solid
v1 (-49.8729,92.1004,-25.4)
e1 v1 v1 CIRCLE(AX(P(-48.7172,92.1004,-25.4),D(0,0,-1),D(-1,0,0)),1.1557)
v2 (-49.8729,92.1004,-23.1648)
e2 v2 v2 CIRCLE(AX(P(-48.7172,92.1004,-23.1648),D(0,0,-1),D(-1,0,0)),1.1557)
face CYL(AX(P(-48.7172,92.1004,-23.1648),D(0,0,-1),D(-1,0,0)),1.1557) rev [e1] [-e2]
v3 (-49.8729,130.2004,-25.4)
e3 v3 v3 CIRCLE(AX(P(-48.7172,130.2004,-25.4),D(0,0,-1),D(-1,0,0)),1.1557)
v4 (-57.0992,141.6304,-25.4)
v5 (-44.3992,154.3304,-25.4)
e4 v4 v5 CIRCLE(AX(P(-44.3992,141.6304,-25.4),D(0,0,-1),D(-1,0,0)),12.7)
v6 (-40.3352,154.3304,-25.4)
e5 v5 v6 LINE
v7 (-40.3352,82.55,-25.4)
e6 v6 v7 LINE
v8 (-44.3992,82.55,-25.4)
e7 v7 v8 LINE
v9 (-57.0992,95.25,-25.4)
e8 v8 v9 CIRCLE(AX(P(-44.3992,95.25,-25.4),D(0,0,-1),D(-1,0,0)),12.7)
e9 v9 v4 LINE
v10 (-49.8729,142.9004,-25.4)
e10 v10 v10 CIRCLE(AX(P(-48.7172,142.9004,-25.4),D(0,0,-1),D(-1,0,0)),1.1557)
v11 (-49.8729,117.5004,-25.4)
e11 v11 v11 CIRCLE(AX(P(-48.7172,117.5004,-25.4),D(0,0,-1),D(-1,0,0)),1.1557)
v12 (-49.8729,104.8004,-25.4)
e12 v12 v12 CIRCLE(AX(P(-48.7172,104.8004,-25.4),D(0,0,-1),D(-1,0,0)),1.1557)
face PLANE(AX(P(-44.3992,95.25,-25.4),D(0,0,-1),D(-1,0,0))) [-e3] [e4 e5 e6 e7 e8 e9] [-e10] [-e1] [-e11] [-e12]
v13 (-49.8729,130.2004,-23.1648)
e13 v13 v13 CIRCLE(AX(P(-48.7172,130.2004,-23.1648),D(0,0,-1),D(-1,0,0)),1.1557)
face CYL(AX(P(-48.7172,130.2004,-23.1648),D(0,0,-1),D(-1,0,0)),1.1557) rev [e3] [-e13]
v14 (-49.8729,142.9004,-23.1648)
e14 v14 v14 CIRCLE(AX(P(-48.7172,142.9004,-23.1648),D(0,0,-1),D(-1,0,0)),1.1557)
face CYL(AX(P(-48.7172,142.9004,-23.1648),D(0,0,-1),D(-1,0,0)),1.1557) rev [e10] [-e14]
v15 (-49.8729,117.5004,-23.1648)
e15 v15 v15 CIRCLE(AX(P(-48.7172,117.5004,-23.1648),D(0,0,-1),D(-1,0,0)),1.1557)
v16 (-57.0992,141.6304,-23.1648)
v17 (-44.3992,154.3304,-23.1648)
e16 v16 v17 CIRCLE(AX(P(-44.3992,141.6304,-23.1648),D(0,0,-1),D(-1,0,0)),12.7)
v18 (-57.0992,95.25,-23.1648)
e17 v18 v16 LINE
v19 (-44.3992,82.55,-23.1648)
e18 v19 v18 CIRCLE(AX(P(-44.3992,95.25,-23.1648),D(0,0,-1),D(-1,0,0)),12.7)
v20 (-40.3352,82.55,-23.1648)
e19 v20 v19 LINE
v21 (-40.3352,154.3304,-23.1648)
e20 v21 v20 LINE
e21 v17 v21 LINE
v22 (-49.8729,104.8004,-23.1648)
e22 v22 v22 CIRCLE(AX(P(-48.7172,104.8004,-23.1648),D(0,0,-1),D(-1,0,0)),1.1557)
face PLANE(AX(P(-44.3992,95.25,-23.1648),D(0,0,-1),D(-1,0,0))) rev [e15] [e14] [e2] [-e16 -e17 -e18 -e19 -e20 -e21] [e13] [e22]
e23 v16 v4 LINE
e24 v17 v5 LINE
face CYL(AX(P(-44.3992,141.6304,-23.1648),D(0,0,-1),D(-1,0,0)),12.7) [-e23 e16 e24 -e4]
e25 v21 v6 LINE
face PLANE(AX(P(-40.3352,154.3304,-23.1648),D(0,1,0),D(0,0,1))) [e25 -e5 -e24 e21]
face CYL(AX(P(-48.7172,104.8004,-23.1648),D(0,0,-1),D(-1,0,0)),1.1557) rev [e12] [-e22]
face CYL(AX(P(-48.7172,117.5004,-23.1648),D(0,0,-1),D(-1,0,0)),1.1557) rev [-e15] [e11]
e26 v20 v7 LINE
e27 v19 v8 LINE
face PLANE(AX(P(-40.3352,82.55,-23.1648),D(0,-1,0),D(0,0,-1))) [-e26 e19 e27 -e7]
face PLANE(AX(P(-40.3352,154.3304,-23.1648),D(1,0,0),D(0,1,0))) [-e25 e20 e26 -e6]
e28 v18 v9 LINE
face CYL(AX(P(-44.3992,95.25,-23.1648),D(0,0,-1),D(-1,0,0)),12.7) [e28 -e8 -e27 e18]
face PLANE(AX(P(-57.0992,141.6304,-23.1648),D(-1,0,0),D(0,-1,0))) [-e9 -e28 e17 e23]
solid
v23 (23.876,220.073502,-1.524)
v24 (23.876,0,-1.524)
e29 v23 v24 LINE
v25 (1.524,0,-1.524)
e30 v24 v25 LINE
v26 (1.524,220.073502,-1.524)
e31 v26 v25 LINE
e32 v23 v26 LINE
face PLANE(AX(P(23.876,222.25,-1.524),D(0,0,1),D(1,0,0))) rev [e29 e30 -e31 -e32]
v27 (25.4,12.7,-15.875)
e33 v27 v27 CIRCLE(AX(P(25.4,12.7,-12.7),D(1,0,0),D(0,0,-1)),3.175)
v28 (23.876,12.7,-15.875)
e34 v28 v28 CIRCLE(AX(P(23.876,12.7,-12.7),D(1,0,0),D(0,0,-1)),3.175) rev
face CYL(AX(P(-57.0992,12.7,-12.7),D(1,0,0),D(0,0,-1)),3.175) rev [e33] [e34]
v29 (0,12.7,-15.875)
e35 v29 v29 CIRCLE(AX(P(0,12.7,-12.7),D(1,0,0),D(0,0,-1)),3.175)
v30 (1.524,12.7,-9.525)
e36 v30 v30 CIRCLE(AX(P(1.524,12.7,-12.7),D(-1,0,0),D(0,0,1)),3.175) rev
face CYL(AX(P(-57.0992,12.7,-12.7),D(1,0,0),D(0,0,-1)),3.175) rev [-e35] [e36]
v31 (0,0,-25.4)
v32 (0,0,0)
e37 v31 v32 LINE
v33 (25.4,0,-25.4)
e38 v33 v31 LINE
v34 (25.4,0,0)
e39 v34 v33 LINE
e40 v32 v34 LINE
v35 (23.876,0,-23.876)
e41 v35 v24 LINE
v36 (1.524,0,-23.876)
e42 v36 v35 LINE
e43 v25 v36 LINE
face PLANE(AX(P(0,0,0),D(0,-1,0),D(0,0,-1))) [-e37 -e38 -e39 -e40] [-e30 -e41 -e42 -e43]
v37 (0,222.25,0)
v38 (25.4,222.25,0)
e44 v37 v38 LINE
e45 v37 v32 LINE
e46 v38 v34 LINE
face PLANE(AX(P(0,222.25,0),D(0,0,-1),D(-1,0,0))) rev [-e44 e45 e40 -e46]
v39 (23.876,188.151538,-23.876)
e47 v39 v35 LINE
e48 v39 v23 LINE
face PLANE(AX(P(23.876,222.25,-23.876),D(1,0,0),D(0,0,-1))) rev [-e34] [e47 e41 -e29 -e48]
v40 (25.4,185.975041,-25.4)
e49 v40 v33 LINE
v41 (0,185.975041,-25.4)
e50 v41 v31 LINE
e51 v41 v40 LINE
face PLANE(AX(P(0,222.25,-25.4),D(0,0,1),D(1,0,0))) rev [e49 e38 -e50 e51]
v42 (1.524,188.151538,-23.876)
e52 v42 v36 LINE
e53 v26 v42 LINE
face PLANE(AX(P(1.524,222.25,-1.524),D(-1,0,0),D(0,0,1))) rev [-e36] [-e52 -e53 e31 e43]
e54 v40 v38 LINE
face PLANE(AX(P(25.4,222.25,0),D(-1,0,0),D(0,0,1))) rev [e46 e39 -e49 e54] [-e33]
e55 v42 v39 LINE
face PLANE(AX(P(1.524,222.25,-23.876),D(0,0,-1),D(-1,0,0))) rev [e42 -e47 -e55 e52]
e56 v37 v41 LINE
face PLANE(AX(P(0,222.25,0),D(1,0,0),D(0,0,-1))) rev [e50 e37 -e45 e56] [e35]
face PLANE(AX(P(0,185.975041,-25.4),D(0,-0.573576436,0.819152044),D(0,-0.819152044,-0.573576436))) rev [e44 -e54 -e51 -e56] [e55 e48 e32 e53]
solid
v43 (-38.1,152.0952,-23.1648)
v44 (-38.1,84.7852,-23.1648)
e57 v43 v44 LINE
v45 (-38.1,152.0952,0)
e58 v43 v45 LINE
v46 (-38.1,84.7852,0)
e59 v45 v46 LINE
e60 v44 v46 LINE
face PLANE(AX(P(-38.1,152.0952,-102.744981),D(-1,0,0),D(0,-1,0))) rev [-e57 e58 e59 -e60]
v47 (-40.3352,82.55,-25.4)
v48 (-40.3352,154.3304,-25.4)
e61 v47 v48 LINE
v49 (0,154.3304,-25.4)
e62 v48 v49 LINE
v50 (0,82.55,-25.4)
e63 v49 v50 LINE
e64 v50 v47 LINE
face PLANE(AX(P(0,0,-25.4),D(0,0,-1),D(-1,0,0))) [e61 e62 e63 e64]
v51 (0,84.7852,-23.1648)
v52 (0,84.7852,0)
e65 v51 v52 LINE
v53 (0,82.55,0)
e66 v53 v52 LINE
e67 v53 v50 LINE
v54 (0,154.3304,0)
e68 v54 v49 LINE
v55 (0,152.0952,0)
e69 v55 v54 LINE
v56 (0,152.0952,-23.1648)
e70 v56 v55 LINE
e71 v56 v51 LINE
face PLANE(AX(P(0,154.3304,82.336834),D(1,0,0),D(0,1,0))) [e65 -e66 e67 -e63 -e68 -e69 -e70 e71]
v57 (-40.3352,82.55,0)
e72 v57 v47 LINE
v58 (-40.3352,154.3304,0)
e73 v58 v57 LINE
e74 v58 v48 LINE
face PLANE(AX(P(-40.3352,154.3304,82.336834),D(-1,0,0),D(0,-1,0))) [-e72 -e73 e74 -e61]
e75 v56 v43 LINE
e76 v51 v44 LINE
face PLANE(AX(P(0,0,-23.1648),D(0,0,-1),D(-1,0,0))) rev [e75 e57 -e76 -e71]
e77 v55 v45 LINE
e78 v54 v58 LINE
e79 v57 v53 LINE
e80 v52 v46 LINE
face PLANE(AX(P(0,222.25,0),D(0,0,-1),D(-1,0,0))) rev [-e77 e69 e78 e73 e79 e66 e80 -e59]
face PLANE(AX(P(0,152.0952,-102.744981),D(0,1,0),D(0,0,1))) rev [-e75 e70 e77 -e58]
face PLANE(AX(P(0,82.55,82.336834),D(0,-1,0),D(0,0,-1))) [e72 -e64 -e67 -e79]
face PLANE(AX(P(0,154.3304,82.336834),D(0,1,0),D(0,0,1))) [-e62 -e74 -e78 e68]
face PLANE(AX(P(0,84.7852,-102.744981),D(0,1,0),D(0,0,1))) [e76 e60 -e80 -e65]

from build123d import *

# Parameters (mm, degrees)
SKETCH2_W               = 25.4
SKETCH2_H               = 25.4
BOSS_EXTRUDE1_DEPTH     = 222.25
CUT_EXTRUDE1_DEPTH      = 226.134143346
CUT_EXTRUDE1_DEPTH_BACK = 226.134143346
SKETCH5_W               = 40.3352
SKETCH5_H               = 71.7804
BOSS_EXTRUDE2_DEPTH     = 25.4
SKETCH6_W               = 38.1
SKETCH6_H               = 67.31
CUT_EXTRUDE2_DEPTH      = 23.1648
SKETCH7_R               = 1.1557
BOSS_EXTRUDE3_DEPTH     = 2.2352
SKETCH8_R               = 3.175
CUT_EXTRUDE3_DEPTH      = 239.424706146
SKETCH9_W               = 22.352
SKETCH9_H               = 22.352
CUT_EXTRUDE5_DEPTH      = 231.869099579


with BuildPart() as part:
    # Sketch2 → Boss-Extrude1 (new body)
    with BuildSketch(Plane(origin=(0, 0, 0), x_dir=(1, 0, 0), z_dir=(0, 1, 0))):
        with Locations((12.7, 12.7)):
            Rectangle(SKETCH2_W, SKETCH2_H)
    extrude(amount=BOSS_EXTRUDE1_DEPTH)

    # Sketch3 → Cut-Extrude1 (cut, two sides: drawn at the far end of the back side and taken through both)
    with BuildSketch(Plane(origin=(25.4, 0, 0), x_dir=(0, 0, -1), z_dir=(1, 0, 0)).offset(-CUT_EXTRUDE1_DEPTH_BACK)):
        Polygon((0, 222.25), (25.4, 222.25), (25.4, 185.975040629), align=None)
    extrude(amount=CUT_EXTRUDE1_DEPTH + CUT_EXTRUDE1_DEPTH_BACK, mode=Mode.SUBTRACT)

    # Sketch8 → Cut-Extrude3 (cut, through all)
    with BuildSketch(Plane(origin=(25.4, 0, 0), x_dir=(0, 0, -1), z_dir=(1, 0, 0))):
        with Locations((12.7, 12.7)):
            Circle(SKETCH8_R)
    extrude(amount=-CUT_EXTRUDE3_DEPTH, mode=Mode.SUBTRACT)

    # Sketch9 → Cut-Extrude5 (cut, through all)
    with BuildSketch(Plane.XZ):
        with Locations((12.7, -12.7)):
            Rectangle(SKETCH9_W, SKETCH9_H)
    extrude(amount=-CUT_EXTRUDE5_DEPTH, mode=Mode.SUBTRACT)


with BuildPart() as body_2:
    # Sketch5 → Boss-Extrude2 (new body)
    with BuildSketch(Plane(origin=(0, 0, -25.4), x_dir=(-1, 0, 0), z_dir=(0, 0, -1))):
        with Locations((20.1676, 118.4402)):
            Rectangle(SKETCH5_W, SKETCH5_H)
    extrude(amount=-BOSS_EXTRUDE2_DEPTH)

    # Sketch6 → Cut-Extrude2 (cut)
    with BuildSketch(Plane.XY):
        with Locations((-19.05, 118.4402)):
            Rectangle(SKETCH6_W, SKETCH6_H)
    extrude(amount=-CUT_EXTRUDE2_DEPTH, mode=Mode.SUBTRACT)


with BuildPart() as body_3:
    # Sketch7 → Boss-Extrude3 (new body)
    with BuildSketch(Plane(origin=(0, 0, -25.4), x_dir=(-1, 0, 0), z_dir=(0, 0, -1))):
        with BuildLine():
            Line((40.3352, 154.3304), (44.3992, 154.3304))
            ThreePointArc((44.3992, 154.3304), (53.379456121, 150.610656121), (57.0992, 141.6304))
            Line((57.0992, 141.6304), (57.0992, 95.25))
            ThreePointArc((57.0992, 95.25), (53.379456121, 86.269743879), (44.3992, 82.55))
            Line((44.3992, 82.55), (40.3352, 82.55))
            Line((40.3352, 82.55), (40.3352, 154.3304))
        make_face()
        with Locations((48.7172, 142.9004)):
            Circle(SKETCH7_R, mode=Mode.SUBTRACT)
        with Locations((48.7172, 130.2004)):
            Circle(SKETCH7_R, mode=Mode.SUBTRACT)
        with Locations((48.7172, 117.5004)):
            Circle(SKETCH7_R, mode=Mode.SUBTRACT)
        with Locations((48.7172, 104.8004)):
            Circle(SKETCH7_R, mode=Mode.SUBTRACT)
        with Locations((48.7172, 92.1004)):
            Circle(SKETCH7_R, mode=Mode.SUBTRACT)
    extrude(amount=-BOSS_EXTRUDE3_DEPTH)


solid = Compound([part.part, body_2.part, body_3.part])
